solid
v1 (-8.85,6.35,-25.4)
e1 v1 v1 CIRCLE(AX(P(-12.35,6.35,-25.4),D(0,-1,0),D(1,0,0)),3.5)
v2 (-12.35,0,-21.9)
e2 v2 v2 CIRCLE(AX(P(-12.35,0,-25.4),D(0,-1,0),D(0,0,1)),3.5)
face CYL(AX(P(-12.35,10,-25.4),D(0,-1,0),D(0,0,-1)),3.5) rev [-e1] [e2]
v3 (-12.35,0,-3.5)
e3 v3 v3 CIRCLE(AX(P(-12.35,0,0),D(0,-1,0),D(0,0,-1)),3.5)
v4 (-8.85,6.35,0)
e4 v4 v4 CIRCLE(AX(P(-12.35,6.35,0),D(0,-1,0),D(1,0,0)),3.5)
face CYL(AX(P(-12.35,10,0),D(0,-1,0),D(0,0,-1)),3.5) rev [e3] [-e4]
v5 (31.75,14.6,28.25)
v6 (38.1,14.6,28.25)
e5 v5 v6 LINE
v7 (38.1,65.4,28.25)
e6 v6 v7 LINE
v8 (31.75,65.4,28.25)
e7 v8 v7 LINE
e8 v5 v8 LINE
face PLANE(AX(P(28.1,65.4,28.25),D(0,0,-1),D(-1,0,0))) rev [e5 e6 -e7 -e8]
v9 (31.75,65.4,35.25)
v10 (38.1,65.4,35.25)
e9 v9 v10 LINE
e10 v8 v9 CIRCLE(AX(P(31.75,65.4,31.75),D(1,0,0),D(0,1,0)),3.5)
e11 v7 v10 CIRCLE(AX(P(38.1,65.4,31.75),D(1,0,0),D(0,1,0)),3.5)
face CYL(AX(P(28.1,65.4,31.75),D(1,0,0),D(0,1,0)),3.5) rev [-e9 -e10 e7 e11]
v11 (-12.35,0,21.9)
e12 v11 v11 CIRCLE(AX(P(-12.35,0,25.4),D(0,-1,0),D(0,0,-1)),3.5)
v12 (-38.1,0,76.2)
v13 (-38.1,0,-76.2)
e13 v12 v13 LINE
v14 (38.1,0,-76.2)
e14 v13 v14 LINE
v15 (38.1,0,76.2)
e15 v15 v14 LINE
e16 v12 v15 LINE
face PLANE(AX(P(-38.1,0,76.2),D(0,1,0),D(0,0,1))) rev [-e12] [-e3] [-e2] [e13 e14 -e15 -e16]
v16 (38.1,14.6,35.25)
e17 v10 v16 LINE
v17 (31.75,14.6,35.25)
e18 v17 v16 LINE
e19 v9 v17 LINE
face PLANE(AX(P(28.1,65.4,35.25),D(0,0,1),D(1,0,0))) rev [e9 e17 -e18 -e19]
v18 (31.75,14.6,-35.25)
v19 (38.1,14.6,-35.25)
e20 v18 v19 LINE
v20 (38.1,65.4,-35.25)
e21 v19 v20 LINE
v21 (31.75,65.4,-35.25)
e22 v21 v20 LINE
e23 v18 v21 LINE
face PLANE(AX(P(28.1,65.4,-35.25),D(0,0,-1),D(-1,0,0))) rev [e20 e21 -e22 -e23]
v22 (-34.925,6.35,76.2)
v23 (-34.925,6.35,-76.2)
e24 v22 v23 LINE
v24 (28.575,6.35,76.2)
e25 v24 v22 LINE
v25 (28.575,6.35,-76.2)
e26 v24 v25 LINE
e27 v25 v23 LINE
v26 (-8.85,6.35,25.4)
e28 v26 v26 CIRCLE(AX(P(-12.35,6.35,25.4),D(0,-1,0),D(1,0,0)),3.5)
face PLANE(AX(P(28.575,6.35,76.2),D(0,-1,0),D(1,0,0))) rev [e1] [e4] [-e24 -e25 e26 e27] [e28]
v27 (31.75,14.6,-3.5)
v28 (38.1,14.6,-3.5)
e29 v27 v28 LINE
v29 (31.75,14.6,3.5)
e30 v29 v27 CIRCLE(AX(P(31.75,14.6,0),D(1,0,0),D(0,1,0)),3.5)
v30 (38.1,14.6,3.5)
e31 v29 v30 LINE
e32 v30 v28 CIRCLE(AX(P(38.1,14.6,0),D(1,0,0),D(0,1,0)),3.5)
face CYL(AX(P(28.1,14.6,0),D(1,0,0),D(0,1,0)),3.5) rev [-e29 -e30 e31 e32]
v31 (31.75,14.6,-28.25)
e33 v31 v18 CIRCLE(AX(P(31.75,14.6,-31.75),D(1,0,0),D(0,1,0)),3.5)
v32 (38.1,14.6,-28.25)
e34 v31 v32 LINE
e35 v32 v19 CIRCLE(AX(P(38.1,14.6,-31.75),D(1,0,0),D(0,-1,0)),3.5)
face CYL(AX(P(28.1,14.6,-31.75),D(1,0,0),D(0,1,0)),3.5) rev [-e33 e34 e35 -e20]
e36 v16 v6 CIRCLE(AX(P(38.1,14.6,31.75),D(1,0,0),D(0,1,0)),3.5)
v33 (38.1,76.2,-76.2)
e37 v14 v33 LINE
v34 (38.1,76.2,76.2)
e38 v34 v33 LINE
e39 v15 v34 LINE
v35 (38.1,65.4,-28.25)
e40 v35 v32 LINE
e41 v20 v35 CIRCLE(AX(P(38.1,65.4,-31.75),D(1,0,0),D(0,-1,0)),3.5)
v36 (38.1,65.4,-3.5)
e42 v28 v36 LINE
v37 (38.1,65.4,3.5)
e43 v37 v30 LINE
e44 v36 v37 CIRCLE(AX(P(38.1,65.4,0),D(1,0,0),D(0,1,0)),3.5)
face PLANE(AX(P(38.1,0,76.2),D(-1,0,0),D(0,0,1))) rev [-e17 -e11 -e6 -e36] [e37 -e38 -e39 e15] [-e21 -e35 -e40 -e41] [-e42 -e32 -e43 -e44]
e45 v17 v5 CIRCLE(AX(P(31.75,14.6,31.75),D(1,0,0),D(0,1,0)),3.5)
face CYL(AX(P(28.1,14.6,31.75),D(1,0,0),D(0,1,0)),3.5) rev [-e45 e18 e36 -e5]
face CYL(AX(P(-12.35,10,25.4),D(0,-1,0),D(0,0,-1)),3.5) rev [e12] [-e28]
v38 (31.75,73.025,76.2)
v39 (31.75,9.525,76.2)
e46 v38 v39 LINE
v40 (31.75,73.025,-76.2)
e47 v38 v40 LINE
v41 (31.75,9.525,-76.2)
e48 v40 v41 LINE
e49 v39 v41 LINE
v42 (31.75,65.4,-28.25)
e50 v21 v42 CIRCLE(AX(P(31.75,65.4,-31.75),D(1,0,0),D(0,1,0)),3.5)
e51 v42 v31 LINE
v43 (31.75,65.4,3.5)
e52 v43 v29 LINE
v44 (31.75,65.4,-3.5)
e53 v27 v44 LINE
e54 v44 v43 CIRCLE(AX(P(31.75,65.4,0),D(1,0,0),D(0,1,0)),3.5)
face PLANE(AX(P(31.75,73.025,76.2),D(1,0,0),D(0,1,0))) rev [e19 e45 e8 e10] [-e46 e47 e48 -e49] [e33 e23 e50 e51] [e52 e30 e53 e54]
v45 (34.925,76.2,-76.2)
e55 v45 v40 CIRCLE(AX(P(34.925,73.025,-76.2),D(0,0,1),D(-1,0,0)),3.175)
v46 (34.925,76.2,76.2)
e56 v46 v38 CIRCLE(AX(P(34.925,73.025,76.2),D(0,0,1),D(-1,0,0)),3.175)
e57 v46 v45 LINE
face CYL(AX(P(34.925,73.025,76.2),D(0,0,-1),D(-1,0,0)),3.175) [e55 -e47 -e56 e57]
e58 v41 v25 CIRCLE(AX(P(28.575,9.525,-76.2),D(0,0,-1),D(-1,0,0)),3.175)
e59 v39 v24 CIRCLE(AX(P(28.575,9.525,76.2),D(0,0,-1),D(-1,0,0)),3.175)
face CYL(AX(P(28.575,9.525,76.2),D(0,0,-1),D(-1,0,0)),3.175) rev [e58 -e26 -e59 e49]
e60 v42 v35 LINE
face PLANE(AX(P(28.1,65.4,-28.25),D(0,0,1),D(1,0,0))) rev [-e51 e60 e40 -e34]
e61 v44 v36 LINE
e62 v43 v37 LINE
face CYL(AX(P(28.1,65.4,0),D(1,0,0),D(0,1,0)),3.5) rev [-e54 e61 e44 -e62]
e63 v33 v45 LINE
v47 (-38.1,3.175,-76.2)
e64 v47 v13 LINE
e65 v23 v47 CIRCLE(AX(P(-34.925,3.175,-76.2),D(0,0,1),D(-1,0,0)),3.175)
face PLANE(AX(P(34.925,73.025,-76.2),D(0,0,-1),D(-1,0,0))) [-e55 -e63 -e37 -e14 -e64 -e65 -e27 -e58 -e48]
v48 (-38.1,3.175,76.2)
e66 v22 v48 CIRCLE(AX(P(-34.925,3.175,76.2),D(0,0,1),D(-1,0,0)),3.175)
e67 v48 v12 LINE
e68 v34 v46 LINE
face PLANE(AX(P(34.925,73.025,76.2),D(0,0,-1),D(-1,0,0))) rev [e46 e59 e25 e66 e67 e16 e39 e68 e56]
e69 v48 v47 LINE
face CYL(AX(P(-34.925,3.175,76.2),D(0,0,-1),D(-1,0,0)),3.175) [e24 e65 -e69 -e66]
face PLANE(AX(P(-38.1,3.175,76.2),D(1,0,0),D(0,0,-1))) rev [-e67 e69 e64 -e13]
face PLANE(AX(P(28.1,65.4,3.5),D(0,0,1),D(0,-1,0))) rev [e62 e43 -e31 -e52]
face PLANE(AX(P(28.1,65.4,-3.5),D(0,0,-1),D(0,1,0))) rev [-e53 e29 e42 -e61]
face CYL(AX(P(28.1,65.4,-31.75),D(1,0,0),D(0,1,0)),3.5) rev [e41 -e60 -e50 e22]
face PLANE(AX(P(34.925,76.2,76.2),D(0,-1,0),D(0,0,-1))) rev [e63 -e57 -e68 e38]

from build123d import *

# Parameters (mm, degrees)
BOSS_EXTRUDE1_DEPTH = 76.2
CUT_EXTRUDE1_DEPTH  = 10
SKETCH4_R           = 3.5
CUT_EXTRUDE2_DEPTH  = 10


with BuildPart() as part:
    # Sketch2 → Boss-Extrude1 (new body, symmetric)
    with BuildSketch(Plane.XY):
        with BuildLine():
            Line((-38.1, 0), (38.1, 0))
            Line((38.1, 0), (38.1, 76.2))
            Line((38.1, 76.2), (34.925, 76.2))
            ThreePointArc((34.925, 76.2), (32.67993597, 75.27006403), (31.75, 73.025))
            Line((31.75, 73.025), (31.75, 9.525))
            ThreePointArc((31.75, 9.525), (30.82006403, 7.27993597), (28.575, 6.35))
            Line((28.575, 6.35), (-34.925, 6.35))
            ThreePointArc((-34.925, 6.35), (-37.17006403, 5.42006403), (-38.1, 3.175))
            Line((-38.1, 3.175), (-38.1, 0))
        make_face()
    extrude(amount=BOSS_EXTRUDE1_DEPTH, both=True)

    # Sketch3 → Cut-Extrude1 (cut)
    with BuildSketch(Plane(origin=(38.1, 0, 0), x_dir=(0, 0, -1), z_dir=(1, 0, 0))):
        with BuildLine():
            Line((-28.25, 65.4), (-28.25, 14.6))
            ThreePointArc((-28.25, 14.6), (-31.75, 11.1), (-35.25, 14.6))
            Line((-35.25, 14.6), (-35.25, 65.4))
            ThreePointArc((-35.25, 65.4), (-31.75, 68.9), (-28.25, 65.4))
        make_face()
        with BuildLine():
            Line((28.25, 65.4), (28.25, 14.6))
            ThreePointArc((28.25, 14.6), (31.75, 11.1), (35.25, 14.6))
            Line((35.25, 14.6), (35.25, 65.4))
            ThreePointArc((35.25, 65.4), (31.75, 68.9), (28.25, 65.4))
        make_face()
        with BuildLine():
            Line((3.5, 65.4), (3.5, 14.6))
            ThreePointArc((3.5, 14.6), (0, 11.1), (-3.5, 14.6))
            Line((-3.5, 14.6), (-3.5, 65.4))
            ThreePointArc((-3.5, 65.4), (0, 68.9), (3.5, 65.4))
        make_face()
    extrude(amount=-CUT_EXTRUDE1_DEPTH, mode=Mode.SUBTRACT)

    # Sketch4 → Cut-Extrude2 (cut)
    with BuildSketch(Plane.XZ):
        with Locations((-12.35, 25.4)):
            Circle(SKETCH4_R)
        with Locations((-12.35, -25.4)):
            Circle(SKETCH4_R)
        with Locations((-12.35, 0)):
            Circle(SKETCH4_R)
    extrude(amount=-CUT_EXTRUDE2_DEPTH, mode=Mode.SUBTRACT)


solid = part.part
